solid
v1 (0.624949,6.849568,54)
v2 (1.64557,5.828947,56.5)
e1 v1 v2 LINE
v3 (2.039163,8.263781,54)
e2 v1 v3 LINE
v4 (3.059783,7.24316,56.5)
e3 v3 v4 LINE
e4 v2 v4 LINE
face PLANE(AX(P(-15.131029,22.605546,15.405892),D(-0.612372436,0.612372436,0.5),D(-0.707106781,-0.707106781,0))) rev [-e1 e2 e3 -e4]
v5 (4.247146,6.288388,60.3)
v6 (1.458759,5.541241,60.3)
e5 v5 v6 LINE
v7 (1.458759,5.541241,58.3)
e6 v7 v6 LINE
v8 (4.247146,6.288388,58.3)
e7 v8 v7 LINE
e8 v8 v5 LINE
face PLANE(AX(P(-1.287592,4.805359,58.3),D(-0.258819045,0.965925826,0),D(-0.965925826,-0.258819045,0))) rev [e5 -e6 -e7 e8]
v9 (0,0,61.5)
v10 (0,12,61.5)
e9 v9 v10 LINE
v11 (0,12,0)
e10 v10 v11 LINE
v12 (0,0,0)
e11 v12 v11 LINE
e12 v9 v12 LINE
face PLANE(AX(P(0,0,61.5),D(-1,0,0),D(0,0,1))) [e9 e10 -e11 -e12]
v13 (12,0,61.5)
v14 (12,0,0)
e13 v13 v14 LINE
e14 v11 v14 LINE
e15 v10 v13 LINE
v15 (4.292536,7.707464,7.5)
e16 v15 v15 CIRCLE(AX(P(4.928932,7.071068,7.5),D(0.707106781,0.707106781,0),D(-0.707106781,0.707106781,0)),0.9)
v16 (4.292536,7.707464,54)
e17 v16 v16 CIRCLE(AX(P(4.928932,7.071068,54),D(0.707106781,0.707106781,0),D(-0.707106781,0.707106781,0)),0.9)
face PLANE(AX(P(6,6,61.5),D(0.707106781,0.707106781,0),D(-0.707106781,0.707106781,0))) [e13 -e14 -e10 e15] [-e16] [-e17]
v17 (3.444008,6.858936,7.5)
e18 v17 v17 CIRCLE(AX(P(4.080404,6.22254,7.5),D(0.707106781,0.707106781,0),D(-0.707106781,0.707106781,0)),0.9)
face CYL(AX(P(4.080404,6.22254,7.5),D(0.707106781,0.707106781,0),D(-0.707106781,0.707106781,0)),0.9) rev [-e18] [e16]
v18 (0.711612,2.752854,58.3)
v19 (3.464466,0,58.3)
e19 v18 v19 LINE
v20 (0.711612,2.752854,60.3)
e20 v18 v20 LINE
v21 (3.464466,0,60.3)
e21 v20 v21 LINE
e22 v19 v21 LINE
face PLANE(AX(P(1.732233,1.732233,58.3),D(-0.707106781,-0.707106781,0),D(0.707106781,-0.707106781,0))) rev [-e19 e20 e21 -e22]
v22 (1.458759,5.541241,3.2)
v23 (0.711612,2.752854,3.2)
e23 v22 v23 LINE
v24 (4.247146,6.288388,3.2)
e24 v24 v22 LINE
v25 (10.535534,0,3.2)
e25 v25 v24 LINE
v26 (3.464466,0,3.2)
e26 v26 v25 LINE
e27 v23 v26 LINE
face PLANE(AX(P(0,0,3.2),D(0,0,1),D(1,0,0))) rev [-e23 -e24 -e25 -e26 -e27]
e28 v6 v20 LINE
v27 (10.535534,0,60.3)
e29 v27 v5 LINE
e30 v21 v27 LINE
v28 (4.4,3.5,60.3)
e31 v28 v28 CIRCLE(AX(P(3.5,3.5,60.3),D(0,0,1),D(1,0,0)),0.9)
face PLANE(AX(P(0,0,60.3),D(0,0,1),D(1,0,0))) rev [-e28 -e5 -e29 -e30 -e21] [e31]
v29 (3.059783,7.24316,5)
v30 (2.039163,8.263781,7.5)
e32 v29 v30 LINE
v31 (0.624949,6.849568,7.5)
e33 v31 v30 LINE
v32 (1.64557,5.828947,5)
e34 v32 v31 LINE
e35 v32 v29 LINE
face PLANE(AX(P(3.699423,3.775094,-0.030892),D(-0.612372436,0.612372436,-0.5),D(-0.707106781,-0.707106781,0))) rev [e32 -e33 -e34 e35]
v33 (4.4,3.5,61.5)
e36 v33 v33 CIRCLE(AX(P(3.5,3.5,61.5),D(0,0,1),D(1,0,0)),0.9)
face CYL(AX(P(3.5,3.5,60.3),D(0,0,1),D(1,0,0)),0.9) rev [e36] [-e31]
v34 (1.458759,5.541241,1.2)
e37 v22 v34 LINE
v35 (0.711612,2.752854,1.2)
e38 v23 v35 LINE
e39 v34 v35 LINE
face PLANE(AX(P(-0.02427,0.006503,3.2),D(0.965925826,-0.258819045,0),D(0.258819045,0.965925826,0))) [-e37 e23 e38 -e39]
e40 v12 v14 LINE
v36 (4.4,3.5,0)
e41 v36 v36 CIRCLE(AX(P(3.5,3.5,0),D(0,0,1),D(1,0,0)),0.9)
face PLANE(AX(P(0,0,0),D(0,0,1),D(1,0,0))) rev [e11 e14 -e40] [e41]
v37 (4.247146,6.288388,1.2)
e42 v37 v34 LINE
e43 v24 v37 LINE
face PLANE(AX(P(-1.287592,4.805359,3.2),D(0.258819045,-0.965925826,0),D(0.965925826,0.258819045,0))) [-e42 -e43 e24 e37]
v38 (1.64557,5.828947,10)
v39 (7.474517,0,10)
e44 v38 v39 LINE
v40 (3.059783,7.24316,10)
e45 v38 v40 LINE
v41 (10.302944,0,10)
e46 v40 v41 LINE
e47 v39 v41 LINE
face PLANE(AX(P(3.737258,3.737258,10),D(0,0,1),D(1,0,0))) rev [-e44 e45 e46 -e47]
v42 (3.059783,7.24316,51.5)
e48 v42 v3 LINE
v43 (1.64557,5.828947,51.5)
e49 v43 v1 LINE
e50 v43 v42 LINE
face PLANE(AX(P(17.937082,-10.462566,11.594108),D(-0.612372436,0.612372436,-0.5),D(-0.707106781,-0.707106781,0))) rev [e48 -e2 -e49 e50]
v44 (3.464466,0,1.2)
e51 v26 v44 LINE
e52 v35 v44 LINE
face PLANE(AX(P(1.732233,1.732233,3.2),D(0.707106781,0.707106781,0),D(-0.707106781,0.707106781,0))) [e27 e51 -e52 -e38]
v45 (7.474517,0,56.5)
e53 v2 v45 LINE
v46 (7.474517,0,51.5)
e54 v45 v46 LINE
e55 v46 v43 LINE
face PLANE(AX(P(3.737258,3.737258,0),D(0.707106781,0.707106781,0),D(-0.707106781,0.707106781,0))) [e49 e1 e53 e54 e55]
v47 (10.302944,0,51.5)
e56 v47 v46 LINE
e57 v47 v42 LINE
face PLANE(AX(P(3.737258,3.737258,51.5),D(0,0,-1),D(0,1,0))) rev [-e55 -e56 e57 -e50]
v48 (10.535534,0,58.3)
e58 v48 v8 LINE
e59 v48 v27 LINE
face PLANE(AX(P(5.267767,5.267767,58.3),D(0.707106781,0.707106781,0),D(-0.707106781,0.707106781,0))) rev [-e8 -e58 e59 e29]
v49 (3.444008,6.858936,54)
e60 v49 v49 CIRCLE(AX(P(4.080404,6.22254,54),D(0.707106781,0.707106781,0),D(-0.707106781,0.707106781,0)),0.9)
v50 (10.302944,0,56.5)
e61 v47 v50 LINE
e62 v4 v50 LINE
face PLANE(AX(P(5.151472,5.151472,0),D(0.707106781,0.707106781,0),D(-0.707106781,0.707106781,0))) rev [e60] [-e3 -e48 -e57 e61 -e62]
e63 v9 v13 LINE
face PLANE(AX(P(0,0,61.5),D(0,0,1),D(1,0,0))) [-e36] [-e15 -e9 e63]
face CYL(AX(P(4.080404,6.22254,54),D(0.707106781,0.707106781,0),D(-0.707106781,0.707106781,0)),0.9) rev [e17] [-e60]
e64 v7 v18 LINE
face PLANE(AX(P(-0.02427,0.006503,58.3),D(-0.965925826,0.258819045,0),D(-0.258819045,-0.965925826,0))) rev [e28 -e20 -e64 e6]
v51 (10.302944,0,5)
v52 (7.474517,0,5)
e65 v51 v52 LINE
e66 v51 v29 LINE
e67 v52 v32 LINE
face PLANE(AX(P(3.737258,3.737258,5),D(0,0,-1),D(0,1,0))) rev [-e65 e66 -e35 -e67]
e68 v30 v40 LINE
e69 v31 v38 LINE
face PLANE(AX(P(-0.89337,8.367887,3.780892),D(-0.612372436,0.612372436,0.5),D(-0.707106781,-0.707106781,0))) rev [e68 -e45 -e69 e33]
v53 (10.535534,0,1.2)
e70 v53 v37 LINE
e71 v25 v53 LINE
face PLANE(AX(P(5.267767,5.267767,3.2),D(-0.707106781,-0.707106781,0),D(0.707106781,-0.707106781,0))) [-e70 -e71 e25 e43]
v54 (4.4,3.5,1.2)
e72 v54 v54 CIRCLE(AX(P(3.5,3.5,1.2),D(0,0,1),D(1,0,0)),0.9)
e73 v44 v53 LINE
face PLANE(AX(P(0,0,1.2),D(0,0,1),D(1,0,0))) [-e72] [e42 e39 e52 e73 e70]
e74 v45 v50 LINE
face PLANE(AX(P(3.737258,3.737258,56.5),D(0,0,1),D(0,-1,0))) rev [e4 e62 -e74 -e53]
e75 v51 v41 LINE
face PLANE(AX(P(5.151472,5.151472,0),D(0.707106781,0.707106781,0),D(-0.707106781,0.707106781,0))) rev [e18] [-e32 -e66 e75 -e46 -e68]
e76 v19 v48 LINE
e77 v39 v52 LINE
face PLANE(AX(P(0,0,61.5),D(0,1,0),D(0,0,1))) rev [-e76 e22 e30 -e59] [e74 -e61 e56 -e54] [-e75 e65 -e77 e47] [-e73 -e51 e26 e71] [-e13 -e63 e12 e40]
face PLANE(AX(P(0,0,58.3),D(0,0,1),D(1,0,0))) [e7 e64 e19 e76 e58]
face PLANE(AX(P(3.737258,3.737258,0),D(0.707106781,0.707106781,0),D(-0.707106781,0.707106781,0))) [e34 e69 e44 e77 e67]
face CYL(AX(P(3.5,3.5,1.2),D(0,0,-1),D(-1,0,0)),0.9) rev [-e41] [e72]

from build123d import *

# Parameters (mm, degrees)
BOSS_EXTRUDE1_DEPTH = 61.5
CUT_EXTRUDE1_DEPTH  = 3.2
SKETCH1_5_R         = 0.9
BOSS_EXTRUDE2_DEPTH = 1.2
CUT_EXTRUDE2_DEPTH  = 3.2
BOSS_EXTRUDE3_START = -1.2
SKETCH2_4_R         = 0.9
BOSS_EXTRUDE3_DEPTH = 1.2
CUT_EXTRUDE3_DEPTH  = 3.2
SKETCH4_3_R         = 0.9
BOSS_EXTRUDE4_DEPTH = 1.2
CUT_EXTRUDE4_DEPTH  = 64.798510954


with BuildPart() as part:
    # Sketch1 → Boss-Extrude1 (new body)
    with BuildSketch(Plane.XY):
        Polygon((12, 0), (0, 12), (0, 0), align=None)
    extrude(amount=BOSS_EXTRUDE1_DEPTH)

    # Sketch1<4> → Cut-Extrude1 (cut)
    with BuildSketch(Plane.XY):
        Polygon((10.535533906, 0), (4.247146227, 6.288387679), (1.458758548, 5.541241452), (0.711612321, 2.752853773), (3.464466094, 0), align=None)
    extrude(amount=CUT_EXTRUDE1_DEPTH, mode=Mode.SUBTRACT)

    # Sketch1<5> → Boss-Extrude2 (add)
    with BuildSketch(Plane.XY):
        Polygon((10.535533906, 0), (4.247146227, 6.288387679), (1.458758548, 5.541241452), (0.711612321, 2.752853773), (3.464466094, 0), align=None)
        with Locations((3.5, 3.5)):
            Circle(SKETCH1_5_R, mode=Mode.SUBTRACT)
    extrude(amount=BOSS_EXTRUDE2_DEPTH)

    # Sketch2 → Cut-Extrude2 (cut)
    with BuildSketch(Plane.XY.offset(61.5)):
        Polygon((0.711612321, 2.752853773), (3.464466094, 0), (10.535533906, 0), (4.247146227, 6.288387679), (1.458758548, 5.541241452), align=None)
    extrude(amount=-CUT_EXTRUDE2_DEPTH, mode=Mode.SUBTRACT)

    # Sketch2<4> → Boss-Extrude3 (add)
    with BuildSketch(Plane.XY.offset(61.5).offset(BOSS_EXTRUDE3_START)):
        Polygon((0.711612321, 2.752853773), (3.464466094, 0), (10.535533906, 0), (4.247146227, 6.288387679), (1.458758548, 5.541241452), align=None)
        with Locations((3.5, 3.5)):
            Circle(SKETCH2_4_R, mode=Mode.SUBTRACT)
    extrude(amount=BOSS_EXTRUDE3_DEPTH)

    # Sketch4 → Cut-Extrude3 (cut)
    with BuildSketch(Plane(origin=(6, 6, 0), x_dir=(0, 0, -1), z_dir=(0.7071067811865477, 0.7071067811865475, 0))):
        Polygon((-51.5, -8.485281374), (-51.5, 2.958094299), (-54, 4.401469972), (-56.5, 2.958094299), (-56.5, -8.485281374), align=None)
        Polygon((-5, -8.485281374), (-5, 2.958094299), (-7.5, 4.401469972), (-10, 2.958094299), (-10, -8.485281374), align=None)
    extrude(amount=-CUT_EXTRUDE3_DEPTH, mode=Mode.SUBTRACT)

    # Sketch4<3> → Boss-Extrude4 (add)
    # profile 1 of 2: a face of its own
    with BuildSketch(Plane(origin=(6, 6, 0), x_dir=(0, 0, -1), z_dir=(0.7071067811865477, 0.7071067811865475, 0))):
        Polygon((-51.5, -8.485281374), (-51.5, 2.958094299), (-54, 4.401469972), (-56.5, 2.958094299), (-56.5, -8.485281374), align=None)
        with Locations((-54, 1.514718626)):
            Circle(SKETCH4_3_R, mode=Mode.SUBTRACT)
    # profile 2 of 2: a face of its own
    with BuildSketch(Plane(origin=(6, 6, 0), x_dir=(0, 0, -1), z_dir=(0.7071067811865477, 0.7071067811865475, 0))):
        Polygon((-5, -8.485281374), (-5, 2.958094299), (-7.5, 4.401469972), (-10, 2.958094299), (-10, -8.485281374), align=None)
        with Locations((-7.5, 1.514718626)):
            Circle(SKETCH4_3_R, mode=Mode.SUBTRACT)
    extrude(amount=-BOSS_EXTRUDE4_DEPTH)

    # Sketch1<6> → Cut-Extrude4 (cut, through all)
    with BuildSketch(Plane.XY):
        Polygon((12, -2.237434652), (12, 0), (10.535533906, 0), (7, 0), (3.5, 0), (3.464466094, 0), (0, 0), (0, -2.237434652), align=None)
    extrude(amount=CUT_EXTRUDE4_DEPTH, mode=Mode.SUBTRACT)


solid = part.part
